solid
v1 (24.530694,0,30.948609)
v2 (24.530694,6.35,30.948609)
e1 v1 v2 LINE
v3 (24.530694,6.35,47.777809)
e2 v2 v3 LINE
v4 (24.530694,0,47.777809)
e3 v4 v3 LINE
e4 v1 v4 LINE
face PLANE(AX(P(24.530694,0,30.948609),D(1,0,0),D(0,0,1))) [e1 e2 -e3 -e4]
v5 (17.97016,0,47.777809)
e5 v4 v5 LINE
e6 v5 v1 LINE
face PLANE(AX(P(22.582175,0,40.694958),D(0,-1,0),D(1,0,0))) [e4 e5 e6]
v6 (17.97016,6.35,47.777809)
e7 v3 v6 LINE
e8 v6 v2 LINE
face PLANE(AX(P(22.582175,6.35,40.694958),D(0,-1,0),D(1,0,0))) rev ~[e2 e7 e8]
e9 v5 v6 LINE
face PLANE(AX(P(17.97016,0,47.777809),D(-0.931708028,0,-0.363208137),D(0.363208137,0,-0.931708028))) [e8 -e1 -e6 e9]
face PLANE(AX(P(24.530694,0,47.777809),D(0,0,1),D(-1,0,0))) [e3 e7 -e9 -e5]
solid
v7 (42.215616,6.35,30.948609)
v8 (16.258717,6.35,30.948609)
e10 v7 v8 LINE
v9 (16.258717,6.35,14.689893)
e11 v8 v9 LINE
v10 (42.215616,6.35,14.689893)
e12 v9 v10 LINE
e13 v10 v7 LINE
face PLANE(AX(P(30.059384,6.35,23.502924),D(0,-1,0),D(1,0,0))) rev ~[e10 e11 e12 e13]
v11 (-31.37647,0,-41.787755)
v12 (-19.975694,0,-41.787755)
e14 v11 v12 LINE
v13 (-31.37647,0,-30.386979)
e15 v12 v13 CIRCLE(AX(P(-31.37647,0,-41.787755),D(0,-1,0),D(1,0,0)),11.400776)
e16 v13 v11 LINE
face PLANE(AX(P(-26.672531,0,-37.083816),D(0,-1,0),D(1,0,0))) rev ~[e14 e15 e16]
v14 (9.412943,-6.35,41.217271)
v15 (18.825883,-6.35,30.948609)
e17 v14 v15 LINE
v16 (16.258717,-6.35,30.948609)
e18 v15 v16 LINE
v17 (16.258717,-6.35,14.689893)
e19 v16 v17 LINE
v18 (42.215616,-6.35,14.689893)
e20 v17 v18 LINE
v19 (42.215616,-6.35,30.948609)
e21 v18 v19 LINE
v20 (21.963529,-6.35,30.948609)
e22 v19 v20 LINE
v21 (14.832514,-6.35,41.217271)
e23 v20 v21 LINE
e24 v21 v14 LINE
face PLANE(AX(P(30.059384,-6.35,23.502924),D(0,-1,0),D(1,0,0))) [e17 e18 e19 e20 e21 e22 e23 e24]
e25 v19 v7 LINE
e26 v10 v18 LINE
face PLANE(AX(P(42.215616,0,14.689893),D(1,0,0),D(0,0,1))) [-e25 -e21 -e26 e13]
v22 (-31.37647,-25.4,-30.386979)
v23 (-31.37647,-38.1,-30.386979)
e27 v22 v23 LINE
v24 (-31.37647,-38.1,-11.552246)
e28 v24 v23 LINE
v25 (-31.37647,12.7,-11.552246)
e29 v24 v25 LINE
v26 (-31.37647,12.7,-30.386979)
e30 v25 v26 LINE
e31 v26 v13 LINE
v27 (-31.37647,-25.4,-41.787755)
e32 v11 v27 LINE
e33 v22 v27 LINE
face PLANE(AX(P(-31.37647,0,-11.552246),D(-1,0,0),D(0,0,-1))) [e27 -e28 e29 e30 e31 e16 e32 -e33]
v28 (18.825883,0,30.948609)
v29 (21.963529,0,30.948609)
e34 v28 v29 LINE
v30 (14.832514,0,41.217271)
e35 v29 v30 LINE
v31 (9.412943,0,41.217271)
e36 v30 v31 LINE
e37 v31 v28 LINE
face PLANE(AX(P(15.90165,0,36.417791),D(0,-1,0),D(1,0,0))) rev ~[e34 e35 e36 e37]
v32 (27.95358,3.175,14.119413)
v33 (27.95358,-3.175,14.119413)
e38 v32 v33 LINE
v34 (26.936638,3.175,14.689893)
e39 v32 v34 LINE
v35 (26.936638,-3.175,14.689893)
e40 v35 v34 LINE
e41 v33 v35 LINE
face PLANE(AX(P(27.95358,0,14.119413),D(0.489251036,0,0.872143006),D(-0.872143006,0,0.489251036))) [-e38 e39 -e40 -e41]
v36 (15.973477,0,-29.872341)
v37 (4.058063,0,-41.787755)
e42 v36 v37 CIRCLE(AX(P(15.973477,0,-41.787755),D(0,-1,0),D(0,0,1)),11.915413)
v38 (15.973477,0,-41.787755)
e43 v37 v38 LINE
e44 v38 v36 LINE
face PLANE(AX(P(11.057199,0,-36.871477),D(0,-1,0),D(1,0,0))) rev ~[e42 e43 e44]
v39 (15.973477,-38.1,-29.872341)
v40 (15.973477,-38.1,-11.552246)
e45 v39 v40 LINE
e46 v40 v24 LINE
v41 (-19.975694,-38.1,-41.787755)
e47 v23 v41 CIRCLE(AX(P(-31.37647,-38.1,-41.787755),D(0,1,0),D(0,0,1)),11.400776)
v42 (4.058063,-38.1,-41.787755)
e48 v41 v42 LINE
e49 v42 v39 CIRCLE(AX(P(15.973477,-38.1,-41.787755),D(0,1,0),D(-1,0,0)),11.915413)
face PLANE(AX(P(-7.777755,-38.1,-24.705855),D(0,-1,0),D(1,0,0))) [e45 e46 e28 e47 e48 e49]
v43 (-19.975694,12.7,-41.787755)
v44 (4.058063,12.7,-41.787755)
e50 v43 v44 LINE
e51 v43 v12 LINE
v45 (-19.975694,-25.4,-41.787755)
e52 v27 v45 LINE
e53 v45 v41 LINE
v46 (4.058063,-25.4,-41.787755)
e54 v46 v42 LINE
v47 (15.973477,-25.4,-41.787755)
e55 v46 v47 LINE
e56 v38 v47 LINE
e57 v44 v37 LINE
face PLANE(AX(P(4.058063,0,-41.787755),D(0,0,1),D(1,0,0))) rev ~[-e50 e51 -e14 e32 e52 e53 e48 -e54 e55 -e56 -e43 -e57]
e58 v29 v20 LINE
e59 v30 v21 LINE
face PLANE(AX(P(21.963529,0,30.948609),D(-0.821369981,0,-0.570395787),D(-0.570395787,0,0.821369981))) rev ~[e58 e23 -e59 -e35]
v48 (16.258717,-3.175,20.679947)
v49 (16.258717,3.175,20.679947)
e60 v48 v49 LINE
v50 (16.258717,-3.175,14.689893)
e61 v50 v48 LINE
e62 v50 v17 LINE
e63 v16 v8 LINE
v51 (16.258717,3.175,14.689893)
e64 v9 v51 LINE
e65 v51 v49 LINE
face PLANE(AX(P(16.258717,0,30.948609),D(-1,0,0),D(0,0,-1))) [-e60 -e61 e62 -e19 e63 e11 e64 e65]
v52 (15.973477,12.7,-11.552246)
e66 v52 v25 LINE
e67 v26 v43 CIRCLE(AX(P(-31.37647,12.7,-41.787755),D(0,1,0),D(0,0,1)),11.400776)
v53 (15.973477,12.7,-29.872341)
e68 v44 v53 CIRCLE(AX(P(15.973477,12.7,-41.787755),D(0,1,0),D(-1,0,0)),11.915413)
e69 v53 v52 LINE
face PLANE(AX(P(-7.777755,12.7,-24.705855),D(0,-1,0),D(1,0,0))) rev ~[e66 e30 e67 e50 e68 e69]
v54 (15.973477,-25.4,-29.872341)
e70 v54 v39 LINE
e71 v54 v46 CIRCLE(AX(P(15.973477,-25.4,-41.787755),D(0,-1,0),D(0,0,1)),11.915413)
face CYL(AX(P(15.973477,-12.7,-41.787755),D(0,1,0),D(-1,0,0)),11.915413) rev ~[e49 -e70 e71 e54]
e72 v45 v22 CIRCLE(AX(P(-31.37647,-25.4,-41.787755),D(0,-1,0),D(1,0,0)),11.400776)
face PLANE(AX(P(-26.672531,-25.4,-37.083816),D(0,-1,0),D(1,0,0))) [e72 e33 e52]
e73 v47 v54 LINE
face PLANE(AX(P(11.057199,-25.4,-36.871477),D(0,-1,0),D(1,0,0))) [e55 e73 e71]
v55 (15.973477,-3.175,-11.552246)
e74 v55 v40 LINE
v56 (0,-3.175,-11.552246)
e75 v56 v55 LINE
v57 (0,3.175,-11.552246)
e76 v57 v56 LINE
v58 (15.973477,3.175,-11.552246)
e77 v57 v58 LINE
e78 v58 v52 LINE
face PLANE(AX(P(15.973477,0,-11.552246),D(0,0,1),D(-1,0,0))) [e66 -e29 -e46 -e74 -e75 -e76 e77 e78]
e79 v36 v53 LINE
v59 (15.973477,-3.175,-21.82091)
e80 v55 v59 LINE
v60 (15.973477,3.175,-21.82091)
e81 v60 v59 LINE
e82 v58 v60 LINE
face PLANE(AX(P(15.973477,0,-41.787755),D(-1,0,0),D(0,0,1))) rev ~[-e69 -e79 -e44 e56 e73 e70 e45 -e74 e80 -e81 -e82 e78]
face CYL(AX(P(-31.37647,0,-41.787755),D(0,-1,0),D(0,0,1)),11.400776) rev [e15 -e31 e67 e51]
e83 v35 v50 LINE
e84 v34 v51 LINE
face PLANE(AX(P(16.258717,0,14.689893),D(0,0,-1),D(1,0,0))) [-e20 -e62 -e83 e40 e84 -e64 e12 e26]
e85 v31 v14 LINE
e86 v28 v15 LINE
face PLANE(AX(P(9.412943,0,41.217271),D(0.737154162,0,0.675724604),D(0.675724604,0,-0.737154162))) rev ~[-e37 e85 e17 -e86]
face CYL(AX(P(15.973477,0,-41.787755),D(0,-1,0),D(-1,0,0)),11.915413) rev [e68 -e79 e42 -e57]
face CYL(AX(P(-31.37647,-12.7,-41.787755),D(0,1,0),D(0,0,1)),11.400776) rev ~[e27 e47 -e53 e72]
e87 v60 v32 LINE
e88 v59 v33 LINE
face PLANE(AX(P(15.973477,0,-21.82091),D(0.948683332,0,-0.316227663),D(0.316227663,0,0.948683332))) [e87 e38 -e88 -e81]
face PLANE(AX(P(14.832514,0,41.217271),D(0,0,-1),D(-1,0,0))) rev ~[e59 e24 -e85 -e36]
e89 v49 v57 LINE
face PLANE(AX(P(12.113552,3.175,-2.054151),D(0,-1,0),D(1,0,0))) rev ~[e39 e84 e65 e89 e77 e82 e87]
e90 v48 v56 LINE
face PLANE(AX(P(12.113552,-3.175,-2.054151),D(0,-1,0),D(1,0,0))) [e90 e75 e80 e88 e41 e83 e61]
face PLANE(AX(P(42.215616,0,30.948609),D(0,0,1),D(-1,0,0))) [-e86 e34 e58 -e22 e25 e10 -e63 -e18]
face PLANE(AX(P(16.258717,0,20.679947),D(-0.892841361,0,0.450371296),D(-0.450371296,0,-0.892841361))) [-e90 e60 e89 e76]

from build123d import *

# Parameters (mm, degrees)
F1_DEPTH = 12.7
F2_DEPTH = 3.175
F3_DEPTH = 6.35
F4_DEPTH = 6.35
F5_DEPTH = 6.35
F6_DEPTH = 25.4


with BuildPart() as f1:
    # F0 (on Front) → F1 (new body, symmetric)
    with BuildSketch(Plane.XZ):
        with BuildLine():
            Line((0, -11.5522462875), (-31.3764698803, -11.5522462875))
            Line((-31.3764698803, -11.5522462875), (-31.3764698803, -30.3869788403))
            ThreePointArc((-31.3764698803, -30.3869788403), (-23.3149039278, -33.7261887918), (-19.9756939763, -41.7877547443))
            Line((-19.9756939763, -41.7877547443), (4.0580634455, -41.7877547443))
            ThreePointArc((4.0580634455, -41.7877547443), (7.5480071851, -33.3622852363), (15.973476693, -29.8723414968))
            Line((15.973476693, -29.8723414968), (15.973476693, -21.820910275))
            Line((15.973476693, -21.820910275), (15.973476693, -11.5522462875))
            Line((15.973476693, -11.5522462875), (0, -11.5522462875))
        make_face()
    extrude(amount=F1_DEPTH, both=True)

    # F0 (on Front) → F2 (join, symmetric)
    with BuildSketch(Plane.XZ):
        Polygon((16.2587165833, 20.6799469888), (0, -11.5522462875), (15.973476693, -11.5522462875), (15.973476693, -21.820910275), align=None)
        Polygon((16.2587165833, 14.6898925304), (16.2587165833, 20.6799469888), (15.973476693, -21.820910275), (27.9535800219, 14.11941275), (26.9366379736, 14.6898925304), align=None)
    extrude(amount=F2_DEPTH, both=True)

    # F0 (on Front) → F3 (join, symmetric)
    with BuildSketch(Plane.XZ):
        Polygon((16.2587165833, 30.9486091137), (16.2587165833, 20.6799469888), (26.9366379736, 14.6898925304), (42.2156155109, 14.6898925304), (42.2156155109, 30.9486091137), (24.5306938887, 30.9486091137), (21.9635292888, 30.9486091137), (18.8258830458, 30.9486091137), align=None)
        Polygon((26.9366379736, 14.6898925304), (16.2587165833, 20.6799469888), (16.2587165833, 14.6898925304), align=None)
    extrude(amount=F3_DEPTH, both=True)

    # F0 (on Front) → F4 (join, through all)
    with BuildSketch(Plane.XZ):
        Polygon((9.4129433855, 41.2172712386), (18.8258830458, 30.9486091137), (21.9635292888, 30.9486091137), (14.8325143382, 41.2172712386), align=None)
    extrude(amount=F4_DEPTH)

    # F0 (on Front) + F1_face (on face) → F6 (join)
    with BuildSketch(Plane.XZ):
        with BuildLine():
            ThreePointArc((15.973476693, -29.8723414968), (7.5480071851, -33.3622852363), (4.0580634455, -41.7877547443))
            Line((4.0580634455, -41.7877547443), (15.973476693, -41.7877547443))
            Line((15.973476693, -41.7877547443), (15.973476693, -29.8723414968))
        make_face()
        with BuildLine():
            ThreePointArc((-19.9756939763, -41.7877547443), (-23.3149039278, -33.7261887918), (-31.3764698803, -30.3869788403))
            Line((-31.3764698803, -30.3869788403), (-31.3764698803, -41.7877547443))
            Line((-31.3764698803, -41.7877547443), (-19.9756939763, -41.7877547443))
        make_face()
    with BuildSketch(Plane(origin=(-7.8272407541, -12.7, -24.8874984342), x_dir=(1, 0, 0), z_dir=(0, -1, 0))):
        with BuildLine():
            Line((23.8007174471, 13.3352521467), (-23.5492291262, 13.3352521467))
            Line((-23.5492291262, 13.3352521467), (-23.5492291262, -5.4994804061))
            ThreePointArc((-23.5492291262, -5.4994804061), (-15.4876631737, -8.8386903576), (-12.1484532222, -16.9002563101))
            Line((-12.1484532222, -16.9002563101), (11.8853041996, -16.9002563101))
            ThreePointArc((11.8853041996, -16.9002563101), (15.3752479392, -8.4747868021), (23.8007174471, -4.9848430626))
            Line((23.8007174471, -4.9848430626), (23.8007174471, 13.3352521467))
        make_face()
    extrude(amount=F6_DEPTH)


with BuildPart() as f5:
    # F0 (on Front) → F5 (new body, through all)
    with BuildSketch(Plane.XZ):
        Polygon((17.9701596498, 47.7778092027), (24.5306938887, 30.9486091137), (24.5306938887, 47.7778092027), align=None)
    extrude(amount=-F5_DEPTH)


solid = Compound([f1.part, f5.part])
